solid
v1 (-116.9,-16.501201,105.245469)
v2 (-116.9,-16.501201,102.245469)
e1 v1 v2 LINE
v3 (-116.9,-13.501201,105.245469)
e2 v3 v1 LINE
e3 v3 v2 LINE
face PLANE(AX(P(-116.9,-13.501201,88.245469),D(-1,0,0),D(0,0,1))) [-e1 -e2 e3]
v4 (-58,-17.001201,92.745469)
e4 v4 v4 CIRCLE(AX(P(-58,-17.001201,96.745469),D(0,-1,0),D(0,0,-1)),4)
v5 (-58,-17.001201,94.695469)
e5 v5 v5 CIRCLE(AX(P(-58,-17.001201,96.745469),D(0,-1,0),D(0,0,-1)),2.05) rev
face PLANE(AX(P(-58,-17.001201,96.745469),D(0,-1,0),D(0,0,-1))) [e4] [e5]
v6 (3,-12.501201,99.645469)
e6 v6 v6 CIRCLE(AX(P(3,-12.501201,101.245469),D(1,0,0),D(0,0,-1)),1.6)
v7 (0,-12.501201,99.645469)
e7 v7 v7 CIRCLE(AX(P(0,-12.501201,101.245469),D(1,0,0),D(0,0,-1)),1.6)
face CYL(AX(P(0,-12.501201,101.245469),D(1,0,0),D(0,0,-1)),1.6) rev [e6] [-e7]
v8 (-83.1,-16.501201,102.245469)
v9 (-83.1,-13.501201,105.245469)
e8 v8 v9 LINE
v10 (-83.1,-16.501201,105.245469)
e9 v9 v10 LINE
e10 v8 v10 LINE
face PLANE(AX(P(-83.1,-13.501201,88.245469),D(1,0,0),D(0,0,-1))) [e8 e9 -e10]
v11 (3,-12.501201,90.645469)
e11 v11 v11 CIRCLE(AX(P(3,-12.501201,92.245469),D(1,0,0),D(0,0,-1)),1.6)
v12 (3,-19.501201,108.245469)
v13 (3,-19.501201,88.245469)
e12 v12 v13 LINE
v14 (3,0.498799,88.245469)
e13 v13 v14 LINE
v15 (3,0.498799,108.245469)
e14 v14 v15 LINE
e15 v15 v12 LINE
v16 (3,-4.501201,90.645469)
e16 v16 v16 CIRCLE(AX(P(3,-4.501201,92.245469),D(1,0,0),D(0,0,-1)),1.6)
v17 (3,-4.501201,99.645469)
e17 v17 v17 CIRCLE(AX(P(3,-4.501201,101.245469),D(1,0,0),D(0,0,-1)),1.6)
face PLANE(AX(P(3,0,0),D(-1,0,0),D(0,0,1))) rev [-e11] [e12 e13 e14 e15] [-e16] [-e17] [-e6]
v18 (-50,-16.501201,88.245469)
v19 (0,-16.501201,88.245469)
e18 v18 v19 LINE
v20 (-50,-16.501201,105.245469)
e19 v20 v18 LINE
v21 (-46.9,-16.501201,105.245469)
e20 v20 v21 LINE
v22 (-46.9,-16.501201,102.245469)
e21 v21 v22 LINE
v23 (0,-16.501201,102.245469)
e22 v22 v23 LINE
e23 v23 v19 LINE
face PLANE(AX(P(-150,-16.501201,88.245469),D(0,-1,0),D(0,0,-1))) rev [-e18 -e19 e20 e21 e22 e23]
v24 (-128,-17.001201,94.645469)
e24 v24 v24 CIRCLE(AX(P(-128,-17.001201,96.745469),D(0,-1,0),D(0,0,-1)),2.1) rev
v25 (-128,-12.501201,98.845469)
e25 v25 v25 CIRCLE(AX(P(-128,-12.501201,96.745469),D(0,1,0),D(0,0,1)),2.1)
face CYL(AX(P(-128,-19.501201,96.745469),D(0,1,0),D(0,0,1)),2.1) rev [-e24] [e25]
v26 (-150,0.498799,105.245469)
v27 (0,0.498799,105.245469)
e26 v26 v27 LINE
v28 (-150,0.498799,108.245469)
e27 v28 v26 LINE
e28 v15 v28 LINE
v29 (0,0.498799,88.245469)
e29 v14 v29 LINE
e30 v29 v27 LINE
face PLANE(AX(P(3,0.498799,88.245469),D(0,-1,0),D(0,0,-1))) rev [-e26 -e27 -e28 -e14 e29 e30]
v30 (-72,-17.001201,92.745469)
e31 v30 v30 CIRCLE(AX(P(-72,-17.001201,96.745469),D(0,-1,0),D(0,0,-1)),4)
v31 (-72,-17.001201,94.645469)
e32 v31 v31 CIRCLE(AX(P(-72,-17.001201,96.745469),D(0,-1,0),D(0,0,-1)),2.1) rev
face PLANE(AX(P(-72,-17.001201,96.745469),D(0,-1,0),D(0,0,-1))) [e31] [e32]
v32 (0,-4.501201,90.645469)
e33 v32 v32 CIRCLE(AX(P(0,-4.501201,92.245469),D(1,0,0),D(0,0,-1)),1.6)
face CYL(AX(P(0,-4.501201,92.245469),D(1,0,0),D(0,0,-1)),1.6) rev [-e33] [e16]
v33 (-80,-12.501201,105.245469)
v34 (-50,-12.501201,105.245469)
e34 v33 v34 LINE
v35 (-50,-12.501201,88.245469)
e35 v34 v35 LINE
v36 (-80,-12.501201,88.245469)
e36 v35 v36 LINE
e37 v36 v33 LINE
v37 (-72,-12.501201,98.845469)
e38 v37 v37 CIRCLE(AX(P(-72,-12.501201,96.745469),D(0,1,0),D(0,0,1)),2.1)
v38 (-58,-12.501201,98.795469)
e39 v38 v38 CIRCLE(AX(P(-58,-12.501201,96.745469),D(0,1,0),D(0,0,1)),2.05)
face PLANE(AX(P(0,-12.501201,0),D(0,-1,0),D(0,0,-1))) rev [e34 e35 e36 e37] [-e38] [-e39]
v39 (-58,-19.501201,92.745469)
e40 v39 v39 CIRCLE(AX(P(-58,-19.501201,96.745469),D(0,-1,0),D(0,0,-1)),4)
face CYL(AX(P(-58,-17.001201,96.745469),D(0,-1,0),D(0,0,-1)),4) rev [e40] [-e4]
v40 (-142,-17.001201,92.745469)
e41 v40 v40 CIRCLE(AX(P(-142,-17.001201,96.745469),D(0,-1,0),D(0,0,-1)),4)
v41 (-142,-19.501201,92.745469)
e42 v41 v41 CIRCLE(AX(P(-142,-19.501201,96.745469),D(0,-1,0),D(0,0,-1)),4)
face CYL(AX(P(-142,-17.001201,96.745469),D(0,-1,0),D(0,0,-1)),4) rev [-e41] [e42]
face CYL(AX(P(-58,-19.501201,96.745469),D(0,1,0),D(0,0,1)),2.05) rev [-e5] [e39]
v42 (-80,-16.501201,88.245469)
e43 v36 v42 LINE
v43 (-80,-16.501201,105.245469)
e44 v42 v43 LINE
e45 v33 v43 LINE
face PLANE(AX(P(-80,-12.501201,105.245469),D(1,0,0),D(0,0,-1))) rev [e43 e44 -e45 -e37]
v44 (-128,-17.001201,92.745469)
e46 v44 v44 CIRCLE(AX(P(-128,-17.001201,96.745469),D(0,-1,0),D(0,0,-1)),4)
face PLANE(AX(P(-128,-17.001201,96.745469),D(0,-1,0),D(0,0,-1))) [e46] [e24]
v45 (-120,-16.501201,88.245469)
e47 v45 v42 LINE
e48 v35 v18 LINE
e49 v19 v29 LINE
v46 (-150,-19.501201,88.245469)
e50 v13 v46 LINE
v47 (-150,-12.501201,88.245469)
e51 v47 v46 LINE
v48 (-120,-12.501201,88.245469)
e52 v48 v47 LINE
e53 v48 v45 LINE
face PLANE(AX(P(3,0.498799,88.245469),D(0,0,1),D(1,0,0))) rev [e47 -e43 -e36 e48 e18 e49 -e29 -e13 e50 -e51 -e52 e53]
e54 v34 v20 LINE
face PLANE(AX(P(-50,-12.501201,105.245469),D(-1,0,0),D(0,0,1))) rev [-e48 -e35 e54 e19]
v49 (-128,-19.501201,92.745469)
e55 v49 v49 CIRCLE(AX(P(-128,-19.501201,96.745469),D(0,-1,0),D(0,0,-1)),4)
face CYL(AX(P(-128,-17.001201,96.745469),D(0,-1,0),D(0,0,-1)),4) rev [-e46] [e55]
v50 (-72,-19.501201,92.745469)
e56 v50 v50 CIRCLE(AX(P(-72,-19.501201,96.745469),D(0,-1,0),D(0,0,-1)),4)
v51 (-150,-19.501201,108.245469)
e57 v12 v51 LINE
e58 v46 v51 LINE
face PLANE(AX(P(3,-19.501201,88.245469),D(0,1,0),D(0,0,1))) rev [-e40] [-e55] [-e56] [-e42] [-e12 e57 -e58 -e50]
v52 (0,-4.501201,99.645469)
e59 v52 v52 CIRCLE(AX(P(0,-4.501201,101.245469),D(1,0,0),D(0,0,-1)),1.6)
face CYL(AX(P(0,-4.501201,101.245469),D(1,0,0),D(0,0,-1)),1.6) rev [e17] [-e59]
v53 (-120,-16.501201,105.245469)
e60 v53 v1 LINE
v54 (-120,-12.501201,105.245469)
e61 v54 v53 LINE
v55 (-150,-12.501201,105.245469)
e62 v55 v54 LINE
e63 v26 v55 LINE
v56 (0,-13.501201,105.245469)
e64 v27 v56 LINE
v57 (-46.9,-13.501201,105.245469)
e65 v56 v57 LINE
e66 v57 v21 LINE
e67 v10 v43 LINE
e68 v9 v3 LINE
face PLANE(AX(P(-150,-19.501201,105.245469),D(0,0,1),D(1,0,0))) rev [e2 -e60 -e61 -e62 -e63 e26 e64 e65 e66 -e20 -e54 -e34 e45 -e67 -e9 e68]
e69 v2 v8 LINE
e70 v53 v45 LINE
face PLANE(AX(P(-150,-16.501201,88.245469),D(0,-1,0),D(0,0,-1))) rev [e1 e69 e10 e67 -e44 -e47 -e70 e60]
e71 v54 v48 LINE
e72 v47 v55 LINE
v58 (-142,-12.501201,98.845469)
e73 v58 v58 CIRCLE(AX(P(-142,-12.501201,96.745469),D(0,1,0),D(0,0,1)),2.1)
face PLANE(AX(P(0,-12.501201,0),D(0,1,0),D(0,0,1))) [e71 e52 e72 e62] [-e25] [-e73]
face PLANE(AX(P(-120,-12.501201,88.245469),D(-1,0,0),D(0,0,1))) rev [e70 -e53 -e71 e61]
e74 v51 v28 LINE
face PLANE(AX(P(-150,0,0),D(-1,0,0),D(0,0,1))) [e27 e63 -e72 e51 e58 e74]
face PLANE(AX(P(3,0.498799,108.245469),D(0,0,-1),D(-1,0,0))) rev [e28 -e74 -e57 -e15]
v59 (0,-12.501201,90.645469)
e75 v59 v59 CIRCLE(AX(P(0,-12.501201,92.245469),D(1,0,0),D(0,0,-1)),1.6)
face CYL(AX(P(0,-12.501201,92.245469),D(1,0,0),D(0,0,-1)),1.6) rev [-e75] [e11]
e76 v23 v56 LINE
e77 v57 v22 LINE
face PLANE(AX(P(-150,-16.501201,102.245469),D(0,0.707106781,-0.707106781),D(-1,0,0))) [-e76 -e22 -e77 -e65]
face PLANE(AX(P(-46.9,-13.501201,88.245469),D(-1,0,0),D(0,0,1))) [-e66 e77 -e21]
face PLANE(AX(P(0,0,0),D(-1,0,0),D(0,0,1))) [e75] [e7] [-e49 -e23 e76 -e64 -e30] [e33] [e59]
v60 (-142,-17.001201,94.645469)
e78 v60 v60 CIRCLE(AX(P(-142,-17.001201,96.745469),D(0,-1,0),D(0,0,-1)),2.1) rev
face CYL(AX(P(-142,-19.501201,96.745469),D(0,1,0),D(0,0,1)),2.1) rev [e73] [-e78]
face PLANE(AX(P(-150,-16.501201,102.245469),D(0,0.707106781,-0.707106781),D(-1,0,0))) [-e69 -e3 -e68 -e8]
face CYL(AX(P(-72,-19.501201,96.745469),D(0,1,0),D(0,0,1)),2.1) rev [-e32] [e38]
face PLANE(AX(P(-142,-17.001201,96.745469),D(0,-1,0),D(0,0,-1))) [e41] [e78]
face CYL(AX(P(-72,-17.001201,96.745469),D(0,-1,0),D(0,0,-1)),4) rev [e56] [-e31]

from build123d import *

# Parameters (mm, degrees)
SKETCH1_W           = 20
SKETCH1_H           = 20
BOSS_EXTRUDE1_DEPTH = 3
SKETCH2_W           = 3
SKETCH2_H           = 20
BOSS_EXTRUDE2_DEPTH = 150
SKETCH3_W           = 17
SKETCH3_H           = 3
BOSS_EXTRUDE3_DEPTH = 150
SKETCH4_R           = 1.6
CUT_EXTRUDE1_DEPTH  = 3
SKETCH5_W           = 30
SKETCH5_H           = 17
BOSS_EXTRUDE4_DEPTH = 4
SKETCH6_W           = 30
SKETCH6_H           = 17
BOSS_EXTRUDE5_DEPTH = 4
SKETCH9_R           = 2.05
SKETCH9_R_2         = 2.1
CUT_EXTRUDE4_DEPTH  = 186.434844337
SKETCH10_R          = 4
CUT_EXTRUDE5_DEPTH  = 2.5
CHAMFER3_SIZE       = 3
SKETCH12_W          = 3.1
SKETCH12_H          = 17
CUT_EXTRUDE7_DEPTH  = 3


with BuildPart() as part:
    # Sketch1 → Boss-Extrude1 (new body)
    with BuildSketch(Plane(origin=(0, 0, 0), x_dir=(0, 0, -1), z_dir=(1, 0, 0))):
        with Locations((-98.245468701, -9.501201475)):
            Rectangle(SKETCH1_W, SKETCH1_H)
    extrude(amount=BOSS_EXTRUDE1_DEPTH)

    # Sketch2 → Boss-Extrude2 (add)
    with BuildSketch(Plane.ZY):
        with Locations((106.745468701, -9.501201475)):
            Rectangle(SKETCH2_W, SKETCH2_H)
    extrude(amount=BOSS_EXTRUDE2_DEPTH)

    # Sketch3 → Boss-Extrude3 (add)
    with BuildSketch(Plane.ZY):
        with Locations((96.745468701, -18.001201475)):
            Rectangle(SKETCH3_W, SKETCH3_H)
    extrude(amount=BOSS_EXTRUDE3_DEPTH)

    # Sketch4 → Cut-Extrude1 (cut)
    with BuildSketch(Plane(origin=(3, 0, 0), x_dir=(0, 0, -1), z_dir=(1, 0, 0))):
        with Locations((-101.245468701, -4.501201475)):
            Circle(SKETCH4_R)
        with Locations((-92.245468701, -4.501201475)):
            Circle(SKETCH4_R)
        with Locations((-92.245468701, -12.501201475)):
            Circle(SKETCH4_R)
        with Locations((-101.245468701, -12.501201475)):
            Circle(SKETCH4_R)
    extrude(amount=-CUT_EXTRUDE1_DEPTH, mode=Mode.SUBTRACT)

    # Sketch5 → Boss-Extrude4 (add)
    with BuildSketch(Plane(origin=(0, -16.501201475, 0), x_dir=(1, 0, 0), z_dir=(0, 1, 0))):
        with Locations((-135, -96.745468701)):
            Rectangle(SKETCH5_W, SKETCH5_H)
    extrude(amount=BOSS_EXTRUDE4_DEPTH)

    # Sketch6 → Boss-Extrude5 (add)
    with BuildSketch(Plane(origin=(0, -16.501201475, 0), x_dir=(1, 0, 0), z_dir=(0, 1, 0))):
        with Locations((-65, -96.745468701)):
            Rectangle(SKETCH6_W, SKETCH6_H)
    extrude(amount=BOSS_EXTRUDE5_DEPTH)

    # Sketch9 → Cut-Extrude4 (cut, through all)
    with BuildSketch(Plane(origin=(0, -12.501201475, 0), x_dir=(1, 0, 0), z_dir=(0, 1, 0))):
        with Locations(Location((-58, -96.745468701, 0), (0, 0, 270))):
            Circle(SKETCH9_R)
        with Locations(Location((-72, -96.745468701, 0), (0, 0, 270))):
            Circle(SKETCH9_R_2)
        with Locations(Location((-128, -96.745468701, 0), (0, 0, 270))):
            Circle(SKETCH9_R_2)
        with Locations(Location((-142, -96.745468701, 0), (0, 0, 270))):
            Circle(SKETCH9_R_2)
    extrude(amount=-CUT_EXTRUDE4_DEPTH, mode=Mode.SUBTRACT)

    # Sketch10 → Cut-Extrude5 (cut)
    with BuildSketch(Plane.XZ.offset(19.501201475)):
        with Locations(Location((-142, 96.745468701, 0), (0, 0, 270))):
            Circle(SKETCH10_R)
        with Locations(Location((-128, 96.745468701, 0), (0, 0, 270))):
            Circle(SKETCH10_R)
        with Locations(Location((-72, 96.745468701, 0), (0, 0, 270))):
            Circle(SKETCH10_R)
        with Locations(Location((-58, 96.745468701, 0), (0, 0, 270))):
            Circle(SKETCH10_R)
    extrude(amount=-CUT_EXTRUDE5_DEPTH, mode=Mode.SUBTRACT)

    # Chamfer3
    chamfer3_edges = [part.edges().sort_by_distance(p)[0] for p in [
        (-100, -16.501201475, 105.245468701),
        (-25, -16.501201475, 105.245468701),
    ]]
    chamfer(chamfer3_edges, length=CHAMFER3_SIZE)

    # Sketch12 → Cut-Extrude7 (cut)
    with BuildSketch(Plane(origin=(0, -16.501201475, 0), x_dir=(1, 0, 0), z_dir=(0, 1, 0))):
        with Locations((-118.45, -96.745468701)):
            Rectangle(SKETCH12_W, SKETCH12_H)
        with Locations((-81.55, -96.745468701)):
            Rectangle(SKETCH12_W, SKETCH12_H)
        with Locations((-48.45, -96.745468701)):
            Rectangle(SKETCH12_W, SKETCH12_H)
    extrude(amount=CUT_EXTRUDE7_DEPTH, mode=Mode.SUBTRACT)


solid = part.part
